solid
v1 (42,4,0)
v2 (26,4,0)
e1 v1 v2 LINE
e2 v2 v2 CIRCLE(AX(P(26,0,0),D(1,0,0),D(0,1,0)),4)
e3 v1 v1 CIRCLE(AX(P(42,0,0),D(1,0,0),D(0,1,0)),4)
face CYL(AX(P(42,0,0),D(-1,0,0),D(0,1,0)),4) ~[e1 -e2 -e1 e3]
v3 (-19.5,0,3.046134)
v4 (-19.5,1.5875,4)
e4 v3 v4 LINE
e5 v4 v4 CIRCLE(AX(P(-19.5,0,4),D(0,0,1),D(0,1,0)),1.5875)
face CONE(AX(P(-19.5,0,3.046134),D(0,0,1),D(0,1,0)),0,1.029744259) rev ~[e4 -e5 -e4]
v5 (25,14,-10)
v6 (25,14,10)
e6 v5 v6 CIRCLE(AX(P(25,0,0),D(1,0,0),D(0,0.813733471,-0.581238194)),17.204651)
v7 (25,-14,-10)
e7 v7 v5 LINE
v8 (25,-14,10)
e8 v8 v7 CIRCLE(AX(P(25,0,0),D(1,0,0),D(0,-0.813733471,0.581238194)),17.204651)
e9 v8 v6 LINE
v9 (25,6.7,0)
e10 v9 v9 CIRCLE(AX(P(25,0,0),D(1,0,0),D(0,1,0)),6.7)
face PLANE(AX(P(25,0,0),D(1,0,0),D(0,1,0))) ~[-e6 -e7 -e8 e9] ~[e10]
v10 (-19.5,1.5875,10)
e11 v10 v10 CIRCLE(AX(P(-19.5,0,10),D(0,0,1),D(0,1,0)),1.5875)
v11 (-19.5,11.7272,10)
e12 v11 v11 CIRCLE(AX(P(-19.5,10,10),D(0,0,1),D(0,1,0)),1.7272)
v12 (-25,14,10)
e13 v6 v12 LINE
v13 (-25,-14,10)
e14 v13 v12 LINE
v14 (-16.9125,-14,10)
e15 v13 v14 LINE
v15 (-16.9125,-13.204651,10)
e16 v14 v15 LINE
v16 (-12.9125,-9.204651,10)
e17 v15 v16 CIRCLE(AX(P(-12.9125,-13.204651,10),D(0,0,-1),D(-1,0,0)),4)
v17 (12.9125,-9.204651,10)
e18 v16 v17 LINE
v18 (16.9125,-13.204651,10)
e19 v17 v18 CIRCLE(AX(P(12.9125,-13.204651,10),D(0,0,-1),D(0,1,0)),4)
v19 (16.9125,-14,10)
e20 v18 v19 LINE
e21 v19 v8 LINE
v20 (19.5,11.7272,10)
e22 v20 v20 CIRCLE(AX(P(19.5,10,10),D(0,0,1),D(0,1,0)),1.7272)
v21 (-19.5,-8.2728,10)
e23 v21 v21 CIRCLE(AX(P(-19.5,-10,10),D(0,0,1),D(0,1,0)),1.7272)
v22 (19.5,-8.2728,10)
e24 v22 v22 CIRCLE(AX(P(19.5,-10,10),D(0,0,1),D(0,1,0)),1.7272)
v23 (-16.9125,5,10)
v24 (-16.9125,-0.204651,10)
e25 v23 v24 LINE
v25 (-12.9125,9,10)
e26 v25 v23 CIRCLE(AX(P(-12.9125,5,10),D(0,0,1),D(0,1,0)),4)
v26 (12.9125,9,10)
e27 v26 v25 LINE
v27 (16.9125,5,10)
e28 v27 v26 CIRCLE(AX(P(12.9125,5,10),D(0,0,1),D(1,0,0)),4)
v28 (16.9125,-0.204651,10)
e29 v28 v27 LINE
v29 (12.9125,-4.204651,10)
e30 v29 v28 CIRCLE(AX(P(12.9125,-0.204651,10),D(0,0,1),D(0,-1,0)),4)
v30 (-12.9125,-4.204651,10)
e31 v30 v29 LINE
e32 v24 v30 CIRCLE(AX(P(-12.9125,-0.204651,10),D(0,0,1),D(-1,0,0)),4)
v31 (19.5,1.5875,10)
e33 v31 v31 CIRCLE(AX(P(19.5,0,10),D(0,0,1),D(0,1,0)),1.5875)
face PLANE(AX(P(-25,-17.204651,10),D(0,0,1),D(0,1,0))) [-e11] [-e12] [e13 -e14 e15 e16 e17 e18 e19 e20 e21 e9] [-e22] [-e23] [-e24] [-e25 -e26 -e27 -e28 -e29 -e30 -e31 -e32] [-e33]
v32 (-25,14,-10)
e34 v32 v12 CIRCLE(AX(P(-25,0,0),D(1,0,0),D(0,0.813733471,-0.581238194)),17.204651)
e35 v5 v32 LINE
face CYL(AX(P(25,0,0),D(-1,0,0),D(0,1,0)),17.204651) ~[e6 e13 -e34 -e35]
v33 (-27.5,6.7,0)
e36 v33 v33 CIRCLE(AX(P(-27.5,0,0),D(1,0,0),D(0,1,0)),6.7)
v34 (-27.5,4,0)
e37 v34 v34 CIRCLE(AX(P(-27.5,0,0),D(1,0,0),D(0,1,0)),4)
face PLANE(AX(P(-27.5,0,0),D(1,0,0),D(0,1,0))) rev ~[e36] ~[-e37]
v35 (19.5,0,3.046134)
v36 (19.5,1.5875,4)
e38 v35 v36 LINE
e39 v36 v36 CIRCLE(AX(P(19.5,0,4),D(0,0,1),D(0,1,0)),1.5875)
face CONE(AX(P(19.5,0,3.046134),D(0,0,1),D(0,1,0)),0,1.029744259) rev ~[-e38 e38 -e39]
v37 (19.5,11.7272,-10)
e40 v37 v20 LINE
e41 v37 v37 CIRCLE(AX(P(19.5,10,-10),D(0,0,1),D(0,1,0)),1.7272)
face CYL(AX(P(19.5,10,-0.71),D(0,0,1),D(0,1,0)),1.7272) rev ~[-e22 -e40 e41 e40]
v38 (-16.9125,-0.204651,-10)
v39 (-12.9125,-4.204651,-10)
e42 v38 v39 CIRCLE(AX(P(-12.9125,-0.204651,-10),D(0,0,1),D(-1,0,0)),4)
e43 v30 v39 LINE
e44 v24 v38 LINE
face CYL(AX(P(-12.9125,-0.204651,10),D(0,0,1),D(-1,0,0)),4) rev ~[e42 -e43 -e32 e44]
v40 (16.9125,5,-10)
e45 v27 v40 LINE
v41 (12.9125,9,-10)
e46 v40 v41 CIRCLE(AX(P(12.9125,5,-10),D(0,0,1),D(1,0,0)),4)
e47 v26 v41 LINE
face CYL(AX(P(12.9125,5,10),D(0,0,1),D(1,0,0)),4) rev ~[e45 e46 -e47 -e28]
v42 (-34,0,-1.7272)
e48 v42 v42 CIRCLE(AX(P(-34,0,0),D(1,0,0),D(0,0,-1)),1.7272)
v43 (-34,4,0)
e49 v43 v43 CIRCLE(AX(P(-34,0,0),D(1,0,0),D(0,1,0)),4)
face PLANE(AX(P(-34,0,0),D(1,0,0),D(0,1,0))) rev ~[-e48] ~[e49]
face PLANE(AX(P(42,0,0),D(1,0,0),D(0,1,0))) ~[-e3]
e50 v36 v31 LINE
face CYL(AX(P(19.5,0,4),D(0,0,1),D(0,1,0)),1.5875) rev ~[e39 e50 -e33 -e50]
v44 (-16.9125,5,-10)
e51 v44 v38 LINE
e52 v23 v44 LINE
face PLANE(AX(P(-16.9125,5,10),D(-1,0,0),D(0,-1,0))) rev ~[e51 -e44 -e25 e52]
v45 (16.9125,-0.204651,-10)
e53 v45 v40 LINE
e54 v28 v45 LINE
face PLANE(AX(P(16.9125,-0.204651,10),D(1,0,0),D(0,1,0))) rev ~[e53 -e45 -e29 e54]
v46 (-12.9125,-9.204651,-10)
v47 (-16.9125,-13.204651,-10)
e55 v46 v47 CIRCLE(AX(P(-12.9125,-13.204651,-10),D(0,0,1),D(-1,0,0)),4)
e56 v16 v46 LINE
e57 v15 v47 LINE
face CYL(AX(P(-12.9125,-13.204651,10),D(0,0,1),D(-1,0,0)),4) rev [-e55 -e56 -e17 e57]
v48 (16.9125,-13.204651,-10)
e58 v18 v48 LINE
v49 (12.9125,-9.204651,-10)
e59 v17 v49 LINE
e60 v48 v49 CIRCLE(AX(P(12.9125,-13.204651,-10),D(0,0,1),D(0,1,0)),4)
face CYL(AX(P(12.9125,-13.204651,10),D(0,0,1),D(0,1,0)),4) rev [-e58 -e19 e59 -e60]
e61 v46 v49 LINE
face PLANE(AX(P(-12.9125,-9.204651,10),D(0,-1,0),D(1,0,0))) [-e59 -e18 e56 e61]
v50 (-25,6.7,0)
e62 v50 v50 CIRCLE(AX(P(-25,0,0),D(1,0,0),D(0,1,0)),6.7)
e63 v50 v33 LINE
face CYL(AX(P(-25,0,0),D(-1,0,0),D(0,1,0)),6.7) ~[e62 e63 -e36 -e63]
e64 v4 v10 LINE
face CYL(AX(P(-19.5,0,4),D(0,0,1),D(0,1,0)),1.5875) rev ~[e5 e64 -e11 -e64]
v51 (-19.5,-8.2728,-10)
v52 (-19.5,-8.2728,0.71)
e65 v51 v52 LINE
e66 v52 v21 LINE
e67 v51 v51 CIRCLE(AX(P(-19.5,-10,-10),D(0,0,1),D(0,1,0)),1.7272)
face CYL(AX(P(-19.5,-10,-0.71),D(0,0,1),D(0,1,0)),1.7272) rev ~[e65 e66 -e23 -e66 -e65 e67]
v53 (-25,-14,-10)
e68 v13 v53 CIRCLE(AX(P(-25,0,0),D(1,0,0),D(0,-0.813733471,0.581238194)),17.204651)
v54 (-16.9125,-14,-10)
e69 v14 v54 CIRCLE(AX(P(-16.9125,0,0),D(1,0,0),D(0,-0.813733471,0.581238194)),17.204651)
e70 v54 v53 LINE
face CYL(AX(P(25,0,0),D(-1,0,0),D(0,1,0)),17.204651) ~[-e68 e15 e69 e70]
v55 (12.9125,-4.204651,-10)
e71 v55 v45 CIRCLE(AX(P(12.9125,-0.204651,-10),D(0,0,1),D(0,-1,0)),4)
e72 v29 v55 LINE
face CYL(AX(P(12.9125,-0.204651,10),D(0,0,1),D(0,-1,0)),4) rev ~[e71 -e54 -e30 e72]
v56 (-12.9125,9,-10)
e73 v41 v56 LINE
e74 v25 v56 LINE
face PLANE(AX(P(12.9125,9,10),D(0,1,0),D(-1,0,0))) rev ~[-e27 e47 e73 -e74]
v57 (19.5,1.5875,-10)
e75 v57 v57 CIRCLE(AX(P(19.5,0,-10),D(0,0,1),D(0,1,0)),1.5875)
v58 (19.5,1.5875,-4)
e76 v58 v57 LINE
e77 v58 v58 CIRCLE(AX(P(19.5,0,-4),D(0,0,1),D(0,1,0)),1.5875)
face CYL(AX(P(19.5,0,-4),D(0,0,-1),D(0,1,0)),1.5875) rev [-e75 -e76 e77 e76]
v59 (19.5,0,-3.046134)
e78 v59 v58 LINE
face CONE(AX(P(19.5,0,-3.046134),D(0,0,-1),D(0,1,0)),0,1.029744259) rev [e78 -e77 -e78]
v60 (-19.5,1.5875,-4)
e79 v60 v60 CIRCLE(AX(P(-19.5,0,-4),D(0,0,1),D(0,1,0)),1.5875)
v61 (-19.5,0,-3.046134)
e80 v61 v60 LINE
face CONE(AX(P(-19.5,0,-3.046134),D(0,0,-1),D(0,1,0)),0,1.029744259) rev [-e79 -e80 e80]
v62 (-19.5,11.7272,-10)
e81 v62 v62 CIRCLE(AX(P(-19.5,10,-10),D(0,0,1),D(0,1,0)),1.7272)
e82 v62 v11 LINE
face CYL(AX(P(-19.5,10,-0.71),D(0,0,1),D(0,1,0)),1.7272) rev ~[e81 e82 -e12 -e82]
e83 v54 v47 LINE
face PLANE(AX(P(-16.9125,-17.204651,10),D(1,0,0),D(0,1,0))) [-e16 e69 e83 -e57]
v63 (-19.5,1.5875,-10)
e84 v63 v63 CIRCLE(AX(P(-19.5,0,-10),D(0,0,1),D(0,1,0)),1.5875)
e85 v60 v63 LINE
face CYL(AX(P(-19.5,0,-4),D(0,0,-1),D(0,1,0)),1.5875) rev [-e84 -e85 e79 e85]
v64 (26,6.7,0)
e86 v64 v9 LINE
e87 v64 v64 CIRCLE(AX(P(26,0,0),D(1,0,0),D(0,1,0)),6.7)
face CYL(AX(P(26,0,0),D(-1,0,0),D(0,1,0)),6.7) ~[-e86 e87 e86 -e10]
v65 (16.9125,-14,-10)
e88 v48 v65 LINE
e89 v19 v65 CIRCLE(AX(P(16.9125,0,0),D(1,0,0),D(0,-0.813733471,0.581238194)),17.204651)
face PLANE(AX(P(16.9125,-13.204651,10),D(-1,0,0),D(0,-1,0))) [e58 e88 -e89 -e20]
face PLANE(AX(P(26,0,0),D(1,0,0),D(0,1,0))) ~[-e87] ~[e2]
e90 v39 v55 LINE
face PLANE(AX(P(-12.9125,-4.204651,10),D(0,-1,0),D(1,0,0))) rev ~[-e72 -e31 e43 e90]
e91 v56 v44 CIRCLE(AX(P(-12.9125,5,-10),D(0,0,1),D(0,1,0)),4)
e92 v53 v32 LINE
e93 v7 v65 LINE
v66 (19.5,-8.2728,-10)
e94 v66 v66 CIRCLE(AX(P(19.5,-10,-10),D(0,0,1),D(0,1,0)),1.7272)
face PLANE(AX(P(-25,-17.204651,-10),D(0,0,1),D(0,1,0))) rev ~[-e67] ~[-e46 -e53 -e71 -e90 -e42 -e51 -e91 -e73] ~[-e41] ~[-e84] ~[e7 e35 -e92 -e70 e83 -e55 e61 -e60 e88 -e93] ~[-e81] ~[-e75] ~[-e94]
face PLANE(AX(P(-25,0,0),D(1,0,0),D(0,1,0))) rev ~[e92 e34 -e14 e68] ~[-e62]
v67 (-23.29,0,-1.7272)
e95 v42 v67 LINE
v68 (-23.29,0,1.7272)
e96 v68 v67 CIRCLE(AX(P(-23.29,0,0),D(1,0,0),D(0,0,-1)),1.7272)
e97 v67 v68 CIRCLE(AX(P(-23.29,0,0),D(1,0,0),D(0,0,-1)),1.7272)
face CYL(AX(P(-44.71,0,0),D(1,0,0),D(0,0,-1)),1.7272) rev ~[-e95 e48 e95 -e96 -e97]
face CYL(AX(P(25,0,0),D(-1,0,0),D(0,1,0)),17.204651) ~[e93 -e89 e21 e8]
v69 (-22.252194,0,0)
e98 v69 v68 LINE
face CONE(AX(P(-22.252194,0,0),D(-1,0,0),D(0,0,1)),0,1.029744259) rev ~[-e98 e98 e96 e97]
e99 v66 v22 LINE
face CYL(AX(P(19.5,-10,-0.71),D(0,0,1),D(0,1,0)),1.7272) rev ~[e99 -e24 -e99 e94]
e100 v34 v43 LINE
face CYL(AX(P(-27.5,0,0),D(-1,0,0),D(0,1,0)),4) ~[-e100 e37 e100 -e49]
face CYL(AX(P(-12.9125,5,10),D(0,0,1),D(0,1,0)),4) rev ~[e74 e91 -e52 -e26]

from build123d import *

# Parameters (mm, degrees)
SKETCH3_OUTSIDE_W                   = 54.458
SKETCH3_OUTSIDE_H                   = 54.458
SKETCH3_OUTSIDE_W_2                 = 20
SKETCH3_OUTSIDE_H_2                 = 34.409301068
CUT_EXTRUDE1_DEPTH                  = 10
CUT_EXTRUDE1_DEPTH_BACK             = 68
F_8_32_TAPPED_HOLE1_AT_2_COUNT      = 2
F_8_32_TAPPED_HOLE1_AT_2_PITCH      = 43.829214002
F_8_32_TAPPED_HOLE1_AT_3_COUNT      = 2
F_8_32_TAPPED_HOLE1_AT_3_PITCH      = 20
F_8_32_TAPPED_HOLE1_AT_4_COUNT      = 2
F_8_32_TAPPED_HOLE1_AT_4_PITCH      = 39
F_1_8_0_1250_DOWEL_HOLE1_AT_2_COUNT = 2
F_1_8_0_1250_DOWEL_HOLE1_AT_2_PITCH = 39
F_8_32_TAPPED_HOLE2_D               = 3.4544
F_8_32_TAPPED_HOLE2_DEPTH           = 10.71
F_8_32_TAPPED_HOLE2_TIP             = 1.037806461
CUT_EXTRUDE3_DEPTH                  = 1
CUT_EXTRUDE3_DEPTH_BACK             = 21


with BuildPart() as part:
    # Sketch2 → Revolve1 (revolve)
    with BuildSketch(Plane.XY):
        Polygon((-34, 0), (42, 0), (42, 4), (26, 4), (26, 6.7), (25, 6.7), (25, 17.204650534), (-25, 17.204650534), (-25, 6.7), (-27.5, 6.7), (-27.5, 4), (-34, 4), align=None)
    revolve(axis=Axis((-34, 0, 0), (1, 0, 0)))

    # Sketch3 outside → Cut-Extrude1 (cut, two sides)
    with BuildSketch(Plane.ZY.offset(25)) as cut_extrude1_sk:
        Rectangle(SKETCH3_OUTSIDE_W, SKETCH3_OUTSIDE_H)
        Rectangle(SKETCH3_OUTSIDE_W_2, SKETCH3_OUTSIDE_H_2, mode=Mode.SUBTRACT)
    extrude(amount=CUT_EXTRUDE1_DEPTH, mode=Mode.SUBTRACT)
    extrude(cut_extrude1_sk.sketch, amount=-CUT_EXTRUDE1_DEPTH_BACK, mode=Mode.SUBTRACT)

    # Sketch5 → #8-32 Tapped Hole1 (revolve, cut)
    with BuildSketch(Plane(origin=(19.5, 10, -10), x_dir=(0, 1, 0), z_dir=(1, 0, 0))):
        Polygon((0, 0), (0, 11.747806461), (1.7272, 10.71), (1.7272, 0), align=None)
    f_8_32_tapped_hole1 = revolve(axis=Axis((19.5, 10, -16.35), (0, 0, 1)), mode=Mode.SUBTRACT)

    # #8-32 Tapped Hole1 at 2: #8-32 Tapped Hole1 ×2
    with Locations(*[Vector(-0.889817463, -0.456316648, 0) * (i * F_8_32_TAPPED_HOLE1_AT_2_PITCH) for i in range(1, F_8_32_TAPPED_HOLE1_AT_2_COUNT)]):
        add(f_8_32_tapped_hole1, mode=Mode.SUBTRACT)

    # #8-32 Tapped Hole1 at 3: #8-32 Tapped Hole1 ×2
    with Locations(*[(0, -i * F_8_32_TAPPED_HOLE1_AT_3_PITCH, 0) for i in range(1, F_8_32_TAPPED_HOLE1_AT_3_COUNT)]):
        add(f_8_32_tapped_hole1, mode=Mode.SUBTRACT)

    # #8-32 Tapped Hole1 at 4: #8-32 Tapped Hole1 ×2
    with Locations(*[(-i * F_8_32_TAPPED_HOLE1_AT_4_PITCH, 0, 0) for i in range(1, F_8_32_TAPPED_HOLE1_AT_4_COUNT)]):
        add(f_8_32_tapped_hole1, mode=Mode.SUBTRACT)

    # Sketch7 → 1/8 (0.1250) Dowel Hole1 (revolve, cut)
    with BuildSketch(Plane(origin=(19.5, 0, -10), x_dir=(0, 1, 0), z_dir=(1, 0, 0))):
        Polygon((0, 0), (0, 6.953866233), (1.5875, 6), (1.5875, 0), align=None)
    f_1_8_0_1250_dowel_hole1 = revolve(axis=Axis((19.5, 0, -16.35), (0, 0, 1)), mode=Mode.SUBTRACT)

    # 1/8 (0.1250) Dowel Hole1 at 2: 1/8 (0.1250) Dowel Hole1 ×2
    with Locations(*[(-i * F_1_8_0_1250_DOWEL_HOLE1_AT_2_PITCH, 0, 0) for i in range(1, F_1_8_0_1250_DOWEL_HOLE1_AT_2_COUNT)]):
        add(f_1_8_0_1250_dowel_hole1, mode=Mode.SUBTRACT)

    # Mirror1: 1/8 (0.1250) Dowel Hole1, #8-32 Tapped Hole1 across plane
    add(f_1_8_0_1250_dowel_hole1.mirror(Plane.XY), mode=Mode.SUBTRACT)
    add(f_8_32_tapped_hole1.mirror(Plane.XY), mode=Mode.SUBTRACT)

    # Mirror1 copy 1 sketch → Mirror1 copy 1 (revolve, cut)
    with BuildSketch(Plane(origin=(-19.5, 0, 10), x_dir=(0, 1, 0), z_dir=(1, 0, 0))):
        Polygon((0, 0), (0, -6.953866233), (1.5875, -6), (1.5875, 0), align=None)
    revolve(axis=Axis((-19.5, 0, 16.35), (0, 0, 1)), mode=Mode.SUBTRACT)

    # Mirror1 copy 2 sketch → Mirror1 copy 2 (revolve, cut)
    with BuildSketch(Plane(origin=(-19.5, -10, 10), x_dir=(0, 1, 0), z_dir=(1, 0, 0))):
        Polygon((0, 0), (0, -11.747806461), (1.7272, -10.71), (1.7272, 0), align=None)
    revolve(axis=Axis((-19.5, -10, 16.35), (0, 0, 1)), mode=Mode.SUBTRACT)

    # Mirror1 copy 3 sketch → Mirror1 copy 3 (revolve, cut)
    with BuildSketch(Plane(origin=(19.5, -10, 10), x_dir=(0, 1, 0), z_dir=(1, 0, 0))):
        Polygon((0, 0), (0, -11.747806461), (1.7272, -10.71), (1.7272, 0), align=None)
    revolve(axis=Axis((19.5, -10, 16.35), (0, 0, 1)), mode=Mode.SUBTRACT)

    # Mirror1 copy 4 sketch → Mirror1 copy 4 (revolve, cut)
    with BuildSketch(Plane(origin=(-19.5, 10, 10), x_dir=(0, 1, 0), z_dir=(1, 0, 0))):
        Polygon((0, 0), (0, -11.747806461), (1.7272, -10.71), (1.7272, 0), align=None)
    revolve(axis=Axis((-19.5, 10, 16.35), (0, 0, 1)), mode=Mode.SUBTRACT)

    # #8-32 Tapped Hole2
    with Locations(Plane.ZY.offset(34)):
        with Locations((0, 0)):
            Hole(F_8_32_TAPPED_HOLE2_D / 2, depth=F_8_32_TAPPED_HOLE2_DEPTH)
            with Locations((0, 0, -(F_8_32_TAPPED_HOLE2_DEPTH + F_8_32_TAPPED_HOLE2_TIP / 2))):  # 118° drill point
                Cone(0, F_8_32_TAPPED_HOLE2_D / 2, F_8_32_TAPPED_HOLE2_TIP, mode=Mode.SUBTRACT)

    # Sketch12 → Cut-Extrude3 (cut, two sides)
    with BuildSketch(Plane.XY.offset(10)) as cut_extrude3_sk:
        with BuildLine():
            Line((-12.9125, -4.204650534), (12.9125, -4.204650534))
            ThreePointArc((12.9125, -4.204650534), (15.740927125, -3.033077659), (16.9125, -0.204650534))
            Line((16.9125, -0.204650534), (16.9125, 5))
            ThreePointArc((16.9125, 5), (15.740927125, 7.828427125), (12.9125, 9))
            Line((12.9125, 9), (-12.9125, 9))
            ThreePointArc((-12.9125, 9), (-15.740927125, 7.828427125), (-16.9125, 5))
            Line((-16.9125, 5), (-16.9125, -0.204650534))
            ThreePointArc((-16.9125, -0.204650534), (-15.740927125, -3.033077659), (-12.9125, -4.204650534))
        make_face()
        with BuildLine():
            Line((-12.9125, -9.204650534), (12.9125, -9.204650534))
            ThreePointArc((12.9125, -9.204650534), (15.740927125, -10.376223409), (16.9125, -13.204650534))
            Line((16.9125, -13.204650534), (16.9125, -17.204650534))
            Line((16.9125, -17.204650534), (-16.9125, -17.204650534))
            Line((-16.9125, -17.204650534), (-16.9125, -13.204650534))
            ThreePointArc((-16.9125, -13.204650534), (-15.740927125, -10.376223409), (-12.9125, -9.204650534))
        make_face()
    extrude(amount=CUT_EXTRUDE3_DEPTH, mode=Mode.SUBTRACT)
    extrude(cut_extrude3_sk.sketch, amount=-CUT_EXTRUDE3_DEPTH_BACK, mode=Mode.SUBTRACT)


solid = part.part
